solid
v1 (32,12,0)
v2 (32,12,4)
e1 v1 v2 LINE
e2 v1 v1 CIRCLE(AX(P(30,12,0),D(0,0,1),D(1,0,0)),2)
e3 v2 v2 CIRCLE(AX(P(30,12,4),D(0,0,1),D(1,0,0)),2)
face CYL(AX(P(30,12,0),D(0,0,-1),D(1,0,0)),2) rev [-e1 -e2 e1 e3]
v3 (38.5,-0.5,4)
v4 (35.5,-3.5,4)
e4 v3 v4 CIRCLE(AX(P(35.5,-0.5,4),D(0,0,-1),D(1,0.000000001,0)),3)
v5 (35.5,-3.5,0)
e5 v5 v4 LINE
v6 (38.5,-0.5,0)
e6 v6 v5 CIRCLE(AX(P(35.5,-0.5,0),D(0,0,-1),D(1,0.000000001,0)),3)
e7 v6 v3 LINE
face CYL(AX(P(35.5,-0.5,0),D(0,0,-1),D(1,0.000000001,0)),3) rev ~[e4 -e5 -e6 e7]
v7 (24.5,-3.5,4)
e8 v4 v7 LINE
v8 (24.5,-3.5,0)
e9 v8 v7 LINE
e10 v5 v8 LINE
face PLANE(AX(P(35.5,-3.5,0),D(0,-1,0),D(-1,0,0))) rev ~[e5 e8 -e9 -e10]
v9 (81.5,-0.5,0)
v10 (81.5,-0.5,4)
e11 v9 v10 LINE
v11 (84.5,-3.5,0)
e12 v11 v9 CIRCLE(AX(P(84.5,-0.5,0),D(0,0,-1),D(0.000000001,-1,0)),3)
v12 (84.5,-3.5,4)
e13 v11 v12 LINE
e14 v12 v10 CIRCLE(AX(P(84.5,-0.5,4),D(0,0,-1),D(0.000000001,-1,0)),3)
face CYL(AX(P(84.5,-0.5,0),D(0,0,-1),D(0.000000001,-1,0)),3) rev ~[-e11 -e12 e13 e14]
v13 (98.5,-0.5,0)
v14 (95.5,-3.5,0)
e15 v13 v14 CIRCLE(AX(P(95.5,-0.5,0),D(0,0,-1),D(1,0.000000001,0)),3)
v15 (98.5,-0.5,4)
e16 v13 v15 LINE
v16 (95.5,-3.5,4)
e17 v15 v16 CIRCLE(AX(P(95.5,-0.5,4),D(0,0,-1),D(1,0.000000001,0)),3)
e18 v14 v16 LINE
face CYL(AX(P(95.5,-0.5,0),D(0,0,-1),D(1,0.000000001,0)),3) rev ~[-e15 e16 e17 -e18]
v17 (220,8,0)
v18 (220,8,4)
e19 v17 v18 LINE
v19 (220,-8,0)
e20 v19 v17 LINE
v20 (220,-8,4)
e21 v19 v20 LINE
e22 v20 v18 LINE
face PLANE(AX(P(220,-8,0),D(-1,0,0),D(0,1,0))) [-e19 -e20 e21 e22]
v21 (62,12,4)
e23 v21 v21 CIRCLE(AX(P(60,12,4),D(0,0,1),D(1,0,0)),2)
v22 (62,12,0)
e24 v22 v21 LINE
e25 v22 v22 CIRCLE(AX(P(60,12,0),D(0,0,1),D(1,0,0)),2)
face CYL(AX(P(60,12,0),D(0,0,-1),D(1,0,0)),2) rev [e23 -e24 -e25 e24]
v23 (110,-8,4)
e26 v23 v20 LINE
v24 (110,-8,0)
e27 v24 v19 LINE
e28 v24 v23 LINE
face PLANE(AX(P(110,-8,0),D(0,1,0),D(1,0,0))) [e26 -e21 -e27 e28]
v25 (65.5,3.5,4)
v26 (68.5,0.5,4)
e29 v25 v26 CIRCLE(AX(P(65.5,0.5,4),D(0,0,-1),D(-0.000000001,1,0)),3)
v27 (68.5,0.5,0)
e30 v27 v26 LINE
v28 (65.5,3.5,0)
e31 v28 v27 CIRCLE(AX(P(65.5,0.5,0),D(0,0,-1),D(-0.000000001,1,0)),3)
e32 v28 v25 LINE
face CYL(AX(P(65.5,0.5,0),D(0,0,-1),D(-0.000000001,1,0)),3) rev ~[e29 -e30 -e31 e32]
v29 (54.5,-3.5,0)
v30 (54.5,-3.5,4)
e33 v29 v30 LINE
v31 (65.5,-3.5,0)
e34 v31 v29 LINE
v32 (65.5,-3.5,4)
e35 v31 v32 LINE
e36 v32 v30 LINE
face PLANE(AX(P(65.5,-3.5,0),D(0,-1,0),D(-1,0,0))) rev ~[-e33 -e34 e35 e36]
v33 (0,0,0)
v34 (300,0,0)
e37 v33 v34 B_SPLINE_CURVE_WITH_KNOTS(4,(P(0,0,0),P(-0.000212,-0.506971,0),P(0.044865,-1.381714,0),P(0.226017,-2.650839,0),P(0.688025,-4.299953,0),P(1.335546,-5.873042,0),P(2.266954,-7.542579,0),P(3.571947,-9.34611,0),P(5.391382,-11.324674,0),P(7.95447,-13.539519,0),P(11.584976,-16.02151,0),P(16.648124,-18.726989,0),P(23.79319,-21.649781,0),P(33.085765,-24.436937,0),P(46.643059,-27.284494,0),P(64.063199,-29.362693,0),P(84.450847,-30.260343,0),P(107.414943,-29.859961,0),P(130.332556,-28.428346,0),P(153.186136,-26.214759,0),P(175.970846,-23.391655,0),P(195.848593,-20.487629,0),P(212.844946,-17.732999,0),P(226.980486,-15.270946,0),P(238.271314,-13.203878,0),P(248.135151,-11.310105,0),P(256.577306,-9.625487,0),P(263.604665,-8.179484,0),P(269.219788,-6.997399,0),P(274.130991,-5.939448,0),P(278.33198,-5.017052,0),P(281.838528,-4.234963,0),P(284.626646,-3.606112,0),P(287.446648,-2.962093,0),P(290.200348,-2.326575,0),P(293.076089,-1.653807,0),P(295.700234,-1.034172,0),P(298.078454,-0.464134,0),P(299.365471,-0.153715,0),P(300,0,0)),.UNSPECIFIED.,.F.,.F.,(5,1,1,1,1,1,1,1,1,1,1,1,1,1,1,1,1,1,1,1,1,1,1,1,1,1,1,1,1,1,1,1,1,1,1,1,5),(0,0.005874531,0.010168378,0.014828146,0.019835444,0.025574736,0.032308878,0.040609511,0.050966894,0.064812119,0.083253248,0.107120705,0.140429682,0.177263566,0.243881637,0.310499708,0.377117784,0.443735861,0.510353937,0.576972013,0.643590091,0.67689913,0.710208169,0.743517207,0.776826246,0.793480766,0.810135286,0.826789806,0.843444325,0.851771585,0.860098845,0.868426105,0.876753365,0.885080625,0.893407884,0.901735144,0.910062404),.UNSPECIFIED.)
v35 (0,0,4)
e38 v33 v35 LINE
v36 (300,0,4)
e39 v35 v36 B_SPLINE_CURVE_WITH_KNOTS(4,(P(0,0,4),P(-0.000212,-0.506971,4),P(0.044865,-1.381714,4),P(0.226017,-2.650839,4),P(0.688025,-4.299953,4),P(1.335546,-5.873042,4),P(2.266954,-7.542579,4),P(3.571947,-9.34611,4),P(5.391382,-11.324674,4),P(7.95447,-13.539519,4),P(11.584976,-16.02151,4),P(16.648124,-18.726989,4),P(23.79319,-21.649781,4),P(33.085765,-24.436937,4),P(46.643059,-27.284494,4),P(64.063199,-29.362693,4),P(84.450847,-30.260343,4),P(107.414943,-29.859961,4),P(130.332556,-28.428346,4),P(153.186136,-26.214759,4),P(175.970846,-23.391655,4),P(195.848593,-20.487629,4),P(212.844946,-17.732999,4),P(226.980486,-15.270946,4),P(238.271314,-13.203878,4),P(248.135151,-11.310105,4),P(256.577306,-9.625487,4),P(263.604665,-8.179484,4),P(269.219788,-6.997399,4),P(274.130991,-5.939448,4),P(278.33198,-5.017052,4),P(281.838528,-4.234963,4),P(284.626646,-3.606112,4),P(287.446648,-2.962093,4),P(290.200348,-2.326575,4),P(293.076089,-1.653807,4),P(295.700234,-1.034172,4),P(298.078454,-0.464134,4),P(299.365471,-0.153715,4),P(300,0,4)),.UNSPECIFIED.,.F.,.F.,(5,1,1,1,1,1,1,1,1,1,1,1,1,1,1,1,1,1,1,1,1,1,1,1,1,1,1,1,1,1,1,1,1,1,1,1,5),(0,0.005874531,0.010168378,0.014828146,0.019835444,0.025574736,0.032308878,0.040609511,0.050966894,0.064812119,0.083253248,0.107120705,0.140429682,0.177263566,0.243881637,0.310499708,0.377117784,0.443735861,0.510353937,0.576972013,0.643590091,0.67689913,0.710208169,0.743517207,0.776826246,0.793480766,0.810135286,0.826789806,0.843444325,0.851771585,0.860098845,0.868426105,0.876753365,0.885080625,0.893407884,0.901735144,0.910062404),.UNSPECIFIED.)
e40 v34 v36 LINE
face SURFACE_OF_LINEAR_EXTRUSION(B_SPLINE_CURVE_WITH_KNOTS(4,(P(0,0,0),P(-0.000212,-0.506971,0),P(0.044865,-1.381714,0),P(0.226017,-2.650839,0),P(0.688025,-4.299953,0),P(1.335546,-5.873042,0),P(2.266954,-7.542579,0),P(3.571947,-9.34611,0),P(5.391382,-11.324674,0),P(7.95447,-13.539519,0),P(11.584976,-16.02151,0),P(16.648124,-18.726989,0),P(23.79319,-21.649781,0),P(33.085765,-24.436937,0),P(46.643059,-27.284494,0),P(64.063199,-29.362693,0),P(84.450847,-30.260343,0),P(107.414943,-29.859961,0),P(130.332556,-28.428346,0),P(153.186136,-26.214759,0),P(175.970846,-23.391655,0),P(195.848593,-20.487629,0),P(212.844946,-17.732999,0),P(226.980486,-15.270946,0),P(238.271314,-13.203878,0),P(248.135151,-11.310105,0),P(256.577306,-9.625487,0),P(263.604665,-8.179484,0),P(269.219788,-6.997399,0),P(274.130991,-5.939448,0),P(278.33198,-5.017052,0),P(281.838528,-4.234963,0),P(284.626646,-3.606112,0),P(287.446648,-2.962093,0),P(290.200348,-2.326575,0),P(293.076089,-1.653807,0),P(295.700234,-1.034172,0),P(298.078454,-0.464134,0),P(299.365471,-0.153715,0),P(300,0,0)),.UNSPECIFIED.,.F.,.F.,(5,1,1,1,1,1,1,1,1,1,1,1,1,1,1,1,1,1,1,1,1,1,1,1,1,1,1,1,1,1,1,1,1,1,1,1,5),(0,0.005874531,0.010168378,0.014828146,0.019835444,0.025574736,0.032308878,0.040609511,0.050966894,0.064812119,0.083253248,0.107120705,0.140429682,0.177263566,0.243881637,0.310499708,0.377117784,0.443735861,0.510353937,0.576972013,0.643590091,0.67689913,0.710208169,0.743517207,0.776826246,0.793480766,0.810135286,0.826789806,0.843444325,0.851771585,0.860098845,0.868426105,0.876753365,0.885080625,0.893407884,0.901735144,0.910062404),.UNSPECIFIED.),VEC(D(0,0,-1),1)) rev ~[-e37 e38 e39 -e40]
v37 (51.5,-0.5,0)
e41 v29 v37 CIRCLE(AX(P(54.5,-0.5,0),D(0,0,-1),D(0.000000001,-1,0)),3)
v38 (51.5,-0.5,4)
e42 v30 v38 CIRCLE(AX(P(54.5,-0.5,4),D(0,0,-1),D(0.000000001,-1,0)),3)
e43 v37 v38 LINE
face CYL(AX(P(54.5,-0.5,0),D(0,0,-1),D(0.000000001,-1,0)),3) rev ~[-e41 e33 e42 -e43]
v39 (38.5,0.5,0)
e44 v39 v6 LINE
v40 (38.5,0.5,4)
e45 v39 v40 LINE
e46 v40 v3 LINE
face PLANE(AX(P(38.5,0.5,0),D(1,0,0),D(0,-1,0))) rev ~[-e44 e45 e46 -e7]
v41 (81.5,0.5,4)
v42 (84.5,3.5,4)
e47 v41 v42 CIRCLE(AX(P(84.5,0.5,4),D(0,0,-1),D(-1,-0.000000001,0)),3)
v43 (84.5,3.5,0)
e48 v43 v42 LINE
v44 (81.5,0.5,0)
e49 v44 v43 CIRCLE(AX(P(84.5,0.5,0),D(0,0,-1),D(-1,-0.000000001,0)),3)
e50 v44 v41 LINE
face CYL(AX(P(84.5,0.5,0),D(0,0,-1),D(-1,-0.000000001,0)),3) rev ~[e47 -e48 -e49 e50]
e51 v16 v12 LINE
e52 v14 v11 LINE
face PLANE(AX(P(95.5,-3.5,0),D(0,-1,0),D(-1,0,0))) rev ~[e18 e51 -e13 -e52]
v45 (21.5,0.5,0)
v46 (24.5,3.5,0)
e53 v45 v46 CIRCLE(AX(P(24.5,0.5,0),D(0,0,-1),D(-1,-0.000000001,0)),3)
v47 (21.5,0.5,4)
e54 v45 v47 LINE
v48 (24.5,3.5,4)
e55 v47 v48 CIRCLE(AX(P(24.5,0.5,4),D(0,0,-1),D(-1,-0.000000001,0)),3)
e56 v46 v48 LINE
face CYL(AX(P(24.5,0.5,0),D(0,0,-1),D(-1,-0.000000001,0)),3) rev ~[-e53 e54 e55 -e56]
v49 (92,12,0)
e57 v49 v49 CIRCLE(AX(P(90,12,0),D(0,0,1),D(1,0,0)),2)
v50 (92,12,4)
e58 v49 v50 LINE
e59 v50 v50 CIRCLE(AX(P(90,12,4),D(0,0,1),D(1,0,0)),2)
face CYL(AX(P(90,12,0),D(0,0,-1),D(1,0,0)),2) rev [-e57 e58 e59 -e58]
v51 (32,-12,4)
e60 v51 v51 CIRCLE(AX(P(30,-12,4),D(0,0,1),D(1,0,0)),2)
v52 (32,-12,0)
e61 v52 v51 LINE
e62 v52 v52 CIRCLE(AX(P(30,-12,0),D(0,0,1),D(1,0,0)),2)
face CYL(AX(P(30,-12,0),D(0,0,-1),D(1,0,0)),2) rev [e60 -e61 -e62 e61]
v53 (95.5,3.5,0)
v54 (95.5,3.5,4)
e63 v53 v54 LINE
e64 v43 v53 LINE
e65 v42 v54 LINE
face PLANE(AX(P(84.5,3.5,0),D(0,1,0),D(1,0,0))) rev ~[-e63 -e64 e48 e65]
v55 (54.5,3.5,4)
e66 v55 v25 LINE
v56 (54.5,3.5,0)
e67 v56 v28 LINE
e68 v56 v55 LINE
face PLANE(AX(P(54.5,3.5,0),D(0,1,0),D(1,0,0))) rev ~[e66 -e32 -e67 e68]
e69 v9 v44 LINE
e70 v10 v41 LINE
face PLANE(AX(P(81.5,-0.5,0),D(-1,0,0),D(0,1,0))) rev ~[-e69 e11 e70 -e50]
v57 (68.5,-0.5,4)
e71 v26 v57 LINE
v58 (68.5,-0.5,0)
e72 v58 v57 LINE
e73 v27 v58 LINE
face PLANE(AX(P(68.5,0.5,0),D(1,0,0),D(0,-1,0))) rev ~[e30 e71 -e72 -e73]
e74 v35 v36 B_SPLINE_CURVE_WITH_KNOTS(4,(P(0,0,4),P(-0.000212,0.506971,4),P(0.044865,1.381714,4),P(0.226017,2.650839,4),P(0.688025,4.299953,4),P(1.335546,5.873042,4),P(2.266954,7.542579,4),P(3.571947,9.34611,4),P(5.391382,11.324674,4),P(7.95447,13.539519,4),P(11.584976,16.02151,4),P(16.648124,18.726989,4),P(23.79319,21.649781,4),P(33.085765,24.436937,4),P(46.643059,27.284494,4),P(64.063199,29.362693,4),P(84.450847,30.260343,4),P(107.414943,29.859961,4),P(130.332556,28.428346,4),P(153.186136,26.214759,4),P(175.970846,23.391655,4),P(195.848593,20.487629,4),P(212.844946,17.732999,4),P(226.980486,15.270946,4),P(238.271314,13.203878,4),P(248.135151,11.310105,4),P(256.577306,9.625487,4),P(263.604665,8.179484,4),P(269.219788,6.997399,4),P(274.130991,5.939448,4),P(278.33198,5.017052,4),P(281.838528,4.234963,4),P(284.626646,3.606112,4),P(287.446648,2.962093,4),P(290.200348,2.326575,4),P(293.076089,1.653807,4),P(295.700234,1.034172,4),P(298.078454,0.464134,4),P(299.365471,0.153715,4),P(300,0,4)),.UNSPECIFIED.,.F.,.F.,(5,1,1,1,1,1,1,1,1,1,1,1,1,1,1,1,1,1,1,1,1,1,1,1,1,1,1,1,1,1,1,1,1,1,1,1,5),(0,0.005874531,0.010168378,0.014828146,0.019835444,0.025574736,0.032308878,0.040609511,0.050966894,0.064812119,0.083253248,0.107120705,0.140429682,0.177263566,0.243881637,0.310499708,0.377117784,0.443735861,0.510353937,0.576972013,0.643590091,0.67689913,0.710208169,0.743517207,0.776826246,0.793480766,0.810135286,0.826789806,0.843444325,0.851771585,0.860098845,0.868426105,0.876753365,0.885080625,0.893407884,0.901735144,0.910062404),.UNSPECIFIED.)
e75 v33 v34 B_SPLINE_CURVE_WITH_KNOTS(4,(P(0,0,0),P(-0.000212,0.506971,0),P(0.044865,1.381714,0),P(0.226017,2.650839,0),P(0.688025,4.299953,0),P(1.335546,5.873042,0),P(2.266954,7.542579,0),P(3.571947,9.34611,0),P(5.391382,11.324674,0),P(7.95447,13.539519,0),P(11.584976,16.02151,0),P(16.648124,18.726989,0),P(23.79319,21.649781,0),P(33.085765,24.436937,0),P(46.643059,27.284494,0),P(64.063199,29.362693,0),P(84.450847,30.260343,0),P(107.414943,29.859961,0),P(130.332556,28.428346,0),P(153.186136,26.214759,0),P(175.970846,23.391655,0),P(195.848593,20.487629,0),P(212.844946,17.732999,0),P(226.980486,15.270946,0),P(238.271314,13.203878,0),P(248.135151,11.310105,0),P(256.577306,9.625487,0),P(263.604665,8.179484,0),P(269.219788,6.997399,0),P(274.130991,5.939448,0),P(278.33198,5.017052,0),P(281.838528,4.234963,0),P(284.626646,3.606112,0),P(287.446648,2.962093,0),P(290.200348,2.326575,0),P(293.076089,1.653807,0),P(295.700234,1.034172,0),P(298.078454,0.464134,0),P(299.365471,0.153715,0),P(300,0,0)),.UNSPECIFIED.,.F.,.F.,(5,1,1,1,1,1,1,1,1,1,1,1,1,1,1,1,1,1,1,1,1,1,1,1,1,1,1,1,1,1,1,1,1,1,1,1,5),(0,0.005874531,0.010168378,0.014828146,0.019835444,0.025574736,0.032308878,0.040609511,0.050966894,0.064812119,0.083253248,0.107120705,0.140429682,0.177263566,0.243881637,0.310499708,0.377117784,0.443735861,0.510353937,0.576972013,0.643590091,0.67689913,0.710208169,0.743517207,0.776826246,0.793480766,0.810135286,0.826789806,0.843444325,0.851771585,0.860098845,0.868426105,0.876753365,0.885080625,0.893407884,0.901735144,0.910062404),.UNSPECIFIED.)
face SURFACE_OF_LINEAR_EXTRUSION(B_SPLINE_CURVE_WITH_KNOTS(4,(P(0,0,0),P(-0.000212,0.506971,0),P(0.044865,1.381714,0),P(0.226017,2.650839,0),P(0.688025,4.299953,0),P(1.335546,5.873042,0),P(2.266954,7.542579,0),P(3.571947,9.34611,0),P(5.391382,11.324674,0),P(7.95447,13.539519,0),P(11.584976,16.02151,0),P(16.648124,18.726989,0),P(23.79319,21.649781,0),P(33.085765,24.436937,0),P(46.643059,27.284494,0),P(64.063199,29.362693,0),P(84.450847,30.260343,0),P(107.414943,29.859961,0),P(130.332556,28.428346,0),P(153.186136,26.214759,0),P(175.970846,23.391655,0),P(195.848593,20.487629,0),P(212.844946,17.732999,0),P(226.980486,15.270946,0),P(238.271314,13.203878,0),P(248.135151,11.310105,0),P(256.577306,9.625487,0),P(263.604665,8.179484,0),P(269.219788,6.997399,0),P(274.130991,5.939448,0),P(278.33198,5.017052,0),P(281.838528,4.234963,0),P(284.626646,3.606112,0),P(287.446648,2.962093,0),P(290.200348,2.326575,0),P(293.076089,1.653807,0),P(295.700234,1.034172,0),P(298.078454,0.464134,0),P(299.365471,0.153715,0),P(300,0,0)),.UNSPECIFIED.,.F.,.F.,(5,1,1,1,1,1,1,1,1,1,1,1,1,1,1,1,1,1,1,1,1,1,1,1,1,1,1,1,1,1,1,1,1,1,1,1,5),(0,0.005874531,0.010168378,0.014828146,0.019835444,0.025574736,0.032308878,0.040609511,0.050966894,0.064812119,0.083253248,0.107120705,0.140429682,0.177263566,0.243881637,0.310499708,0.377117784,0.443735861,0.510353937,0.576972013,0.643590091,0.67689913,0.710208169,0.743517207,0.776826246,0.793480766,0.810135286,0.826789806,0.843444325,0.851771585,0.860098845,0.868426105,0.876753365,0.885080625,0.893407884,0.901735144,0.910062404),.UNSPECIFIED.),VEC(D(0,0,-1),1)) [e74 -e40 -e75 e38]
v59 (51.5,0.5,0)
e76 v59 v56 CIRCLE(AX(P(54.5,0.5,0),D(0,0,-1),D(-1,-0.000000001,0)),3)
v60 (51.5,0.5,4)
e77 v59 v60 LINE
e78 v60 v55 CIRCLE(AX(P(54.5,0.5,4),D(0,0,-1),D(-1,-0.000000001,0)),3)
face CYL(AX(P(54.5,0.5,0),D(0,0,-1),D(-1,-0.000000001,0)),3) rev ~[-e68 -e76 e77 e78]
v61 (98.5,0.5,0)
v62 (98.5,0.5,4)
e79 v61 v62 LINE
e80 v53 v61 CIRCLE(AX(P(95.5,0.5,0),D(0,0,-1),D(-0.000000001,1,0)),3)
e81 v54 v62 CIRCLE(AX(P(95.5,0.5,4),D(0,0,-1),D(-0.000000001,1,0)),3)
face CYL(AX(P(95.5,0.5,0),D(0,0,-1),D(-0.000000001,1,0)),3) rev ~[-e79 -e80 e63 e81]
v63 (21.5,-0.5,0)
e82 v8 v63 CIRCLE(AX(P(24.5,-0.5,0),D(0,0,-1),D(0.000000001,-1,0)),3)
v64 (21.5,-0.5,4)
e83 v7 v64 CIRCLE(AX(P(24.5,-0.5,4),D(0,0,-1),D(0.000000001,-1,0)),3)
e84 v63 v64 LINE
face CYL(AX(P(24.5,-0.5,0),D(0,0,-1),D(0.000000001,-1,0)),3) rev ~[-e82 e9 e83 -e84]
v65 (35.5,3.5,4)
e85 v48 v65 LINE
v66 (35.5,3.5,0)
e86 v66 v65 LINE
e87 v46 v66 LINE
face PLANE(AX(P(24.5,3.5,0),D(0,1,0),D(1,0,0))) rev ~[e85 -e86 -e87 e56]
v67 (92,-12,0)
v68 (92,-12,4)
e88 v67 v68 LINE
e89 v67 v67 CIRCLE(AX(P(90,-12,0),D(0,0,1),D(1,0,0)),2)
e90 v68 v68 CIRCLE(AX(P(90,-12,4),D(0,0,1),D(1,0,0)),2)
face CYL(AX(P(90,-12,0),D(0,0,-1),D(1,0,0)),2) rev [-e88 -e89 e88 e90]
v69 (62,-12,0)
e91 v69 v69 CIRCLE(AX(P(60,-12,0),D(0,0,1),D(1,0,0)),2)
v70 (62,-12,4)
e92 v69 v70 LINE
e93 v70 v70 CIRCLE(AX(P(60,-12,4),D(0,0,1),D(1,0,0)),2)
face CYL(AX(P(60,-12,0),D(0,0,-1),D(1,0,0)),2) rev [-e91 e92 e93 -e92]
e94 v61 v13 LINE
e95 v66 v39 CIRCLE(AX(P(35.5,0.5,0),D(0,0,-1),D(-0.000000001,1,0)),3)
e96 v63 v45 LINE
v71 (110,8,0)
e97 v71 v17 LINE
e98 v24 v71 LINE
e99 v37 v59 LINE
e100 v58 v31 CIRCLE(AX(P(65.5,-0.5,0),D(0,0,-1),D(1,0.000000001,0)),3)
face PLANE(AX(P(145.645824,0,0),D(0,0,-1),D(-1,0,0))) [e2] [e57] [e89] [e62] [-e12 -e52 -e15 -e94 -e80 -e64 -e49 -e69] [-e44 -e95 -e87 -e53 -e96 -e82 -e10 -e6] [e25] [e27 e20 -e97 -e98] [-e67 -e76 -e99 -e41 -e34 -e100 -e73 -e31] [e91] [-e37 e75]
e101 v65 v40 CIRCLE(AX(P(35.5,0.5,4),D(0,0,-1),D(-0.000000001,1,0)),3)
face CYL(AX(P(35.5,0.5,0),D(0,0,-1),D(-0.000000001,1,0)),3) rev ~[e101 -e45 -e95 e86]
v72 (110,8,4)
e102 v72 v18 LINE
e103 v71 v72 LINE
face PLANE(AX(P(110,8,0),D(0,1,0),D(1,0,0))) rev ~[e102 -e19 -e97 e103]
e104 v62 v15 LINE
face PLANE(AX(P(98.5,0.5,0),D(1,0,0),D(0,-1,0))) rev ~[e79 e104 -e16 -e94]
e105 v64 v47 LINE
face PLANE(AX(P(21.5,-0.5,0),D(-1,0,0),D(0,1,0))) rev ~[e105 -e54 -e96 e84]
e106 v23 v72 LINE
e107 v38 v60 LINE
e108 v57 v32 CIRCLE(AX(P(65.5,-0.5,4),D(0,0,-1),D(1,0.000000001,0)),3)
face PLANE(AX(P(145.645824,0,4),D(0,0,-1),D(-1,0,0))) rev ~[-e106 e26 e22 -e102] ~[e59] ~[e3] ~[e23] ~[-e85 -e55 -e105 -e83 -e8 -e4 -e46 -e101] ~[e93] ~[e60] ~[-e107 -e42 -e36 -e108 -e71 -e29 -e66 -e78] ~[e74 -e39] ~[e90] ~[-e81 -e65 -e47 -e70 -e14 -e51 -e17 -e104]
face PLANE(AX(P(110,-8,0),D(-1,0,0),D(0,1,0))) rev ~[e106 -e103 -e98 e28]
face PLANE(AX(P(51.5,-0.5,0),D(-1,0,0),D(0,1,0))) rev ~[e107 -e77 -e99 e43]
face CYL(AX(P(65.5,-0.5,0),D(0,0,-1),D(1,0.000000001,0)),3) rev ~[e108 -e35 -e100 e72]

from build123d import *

# Parameters (mm, degrees)
SKETCH_1_R      = 2
SKETCH_1_W      = 110
SKETCH_1_H      = 16
EXTRUDE_1_DEPTH = 4


with BuildPart() as part:
    # 草图1 → 凸台-拉伸1 (new body)
    with BuildSketch(Plane.XY):
        with BuildLine():
            add(Edge.make_bspline(
                [(0, 0), (-0.00021229, 0.506970744), (0.044864754, 1.381714413), (0.226017079, 2.650839475), (0.688025344, 4.299952552), (1.335546305, 5.873041675), (2.26695445, 7.542579189), (3.571946964, 9.346109572), (5.391381815, 11.324673938), (7.954469743, 13.539518757), (11.584975672, 16.021510412), (16.648123966, 18.726988569), (23.793189999, 21.649781435), (33.085765079, 24.436937203), (46.643058908, 27.284493785), (64.063199307, 29.362693495), (84.450847037, 30.260343335), (107.414943041, 29.859960777), (130.332556147, 28.428346139), (153.186136376, 26.214758658), (175.970846287, 23.391654718), (195.848592789, 20.487628812), (212.844945694, 17.732999103), (226.980485609, 15.27094618), (238.271313866, 13.203878393), (248.135151077, 11.310105462), (256.577305747, 9.625486685), (263.604664912, 8.179483676), (269.219788458, 6.997398786), (274.1309907, 5.93944771), (278.331979904, 5.017052178), (281.838528118, 4.234963306), (284.626645762, 3.606112196), (287.446648095, 2.96209323), (290.200347561, 2.326575377), (293.076089097, 1.653806717), (295.700233888, 1.034172197), (298.078453529, 0.464134201), (299.36547076, 0.153714708), (299.999999999, 0)],
                knots=[0, 0, 0, 0, 0, 0.005874531, 0.010168378, 0.014828146, 0.019835444, 0.025574736, 0.032308878, 0.040609511, 0.050966894, 0.064812119, 0.083253248, 0.107120705, 0.140429682, 0.177263566, 0.243881637, 0.310499708, 0.377117784, 0.443735861, 0.510353937, 0.576972013, 0.643590091, 0.67689913, 0.710208169, 0.743517207, 0.776826246, 0.793480766, 0.810135286, 0.826789806, 0.843444325, 0.851771585, 0.860098845, 0.868426105, 0.876753365, 0.885080625, 0.893407884, 0.901735144, 0.910062404, 0.910062404, 0.910062404, 0.910062404, 0.910062404], degree=4))
            add(Edge.make_bspline(
                [(0, 0), (-0.00021229, -0.506970744), (0.044864754, -1.381714413), (0.226017079, -2.650839475), (0.688025344, -4.299952552), (1.335546305, -5.873041675), (2.26695445, -7.542579189), (3.571946964, -9.346109572), (5.391381815, -11.324673938), (7.954469743, -13.539518757), (11.584975672, -16.021510412), (16.648123966, -18.726988569), (23.793189999, -21.649781435), (33.085765079, -24.436937203), (46.643058908, -27.284493785), (64.063199307, -29.362693495), (84.450847037, -30.260343335), (107.414943041, -29.859960777), (130.332556147, -28.428346139), (153.186136376, -26.214758658), (175.970846287, -23.391654718), (195.848592789, -20.487628812), (212.844945694, -17.732999103), (226.980485609, -15.27094618), (238.271313866, -13.203878393), (248.135151077, -11.310105462), (256.577305747, -9.625486685), (263.604664912, -8.179483676), (269.219788458, -6.997398786), (274.1309907, -5.93944771), (278.331979904, -5.017052178), (281.838528118, -4.234963306), (284.626645762, -3.606112196), (287.446648095, -2.96209323), (290.200347561, -2.326575377), (293.076089097, -1.653806717), (295.700233888, -1.034172197), (298.078453528, -0.464134202), (299.36547076, -0.153714708), (299.999999999, 0)],
                knots=[0, 0, 0, 0, 0, 0.005874531, 0.010168378, 0.014828146, 0.019835444, 0.025574736, 0.032308878, 0.040609511, 0.050966894, 0.064812119, 0.083253248, 0.107120705, 0.140429682, 0.177263566, 0.243881637, 0.310499708, 0.377117784, 0.443735861, 0.510353937, 0.576972013, 0.643590091, 0.67689913, 0.710208169, 0.743517207, 0.776826246, 0.793480766, 0.810135286, 0.826789806, 0.843444325, 0.851771585, 0.860098845, 0.868426105, 0.876753365, 0.885080625, 0.893407884, 0.901735144, 0.910062404, 0.910062404, 0.910062404, 0.910062404, 0.910062404], degree=4))
        make_face()
        with Locations((30, 12)):
            Circle(SKETCH_1_R, mode=Mode.SUBTRACT)
        with Locations((30, -12)):
            Circle(SKETCH_1_R, mode=Mode.SUBTRACT)
        with Locations((60, 12)):
            Circle(SKETCH_1_R, mode=Mode.SUBTRACT)
        with Locations((60, -12)):
            Circle(SKETCH_1_R, mode=Mode.SUBTRACT)
        with Locations((90, 12)):
            Circle(SKETCH_1_R, mode=Mode.SUBTRACT)
        with Locations((90, -12)):
            Circle(SKETCH_1_R, mode=Mode.SUBTRACT)
        with BuildLine():
            Line((54.5, 3.5), (65.5, 3.5))
            ThreePointArc((65.5, 3.5), (67.621320344, 2.621320344), (68.5, 0.5))
            Line((68.5, 0.5), (68.5, -0.5))
            ThreePointArc((68.5, -0.5), (67.621320344, -2.621320344), (65.5, -3.5))
            Line((65.5, -3.5), (54.5, -3.5))
            ThreePointArc((54.5, -3.5), (52.378679656, -2.621320344), (51.5, -0.5))
            Line((51.5, -0.5), (51.5, 0.5))
            ThreePointArc((51.5, 0.5), (52.378679656, 2.621320344), (54.5, 3.5))
        make_face(mode=Mode.SUBTRACT)
        with BuildLine():
            Line((24.5, 3.5), (35.5, 3.5))
            ThreePointArc((35.5, 3.5), (37.621320344, 2.621320344), (38.5, 0.5))
            Line((38.5, 0.5), (38.5, -0.5))
            ThreePointArc((38.5, -0.5), (37.621320344, -2.621320344), (35.5, -3.5))
            Line((35.5, -3.5), (24.5, -3.5))
            ThreePointArc((24.5, -3.5), (22.378679656, -2.621320344), (21.5, -0.5))
            Line((21.5, -0.5), (21.5, 0.5))
            ThreePointArc((21.5, 0.5), (22.378679656, 2.621320344), (24.5, 3.5))
        make_face(mode=Mode.SUBTRACT)
        with BuildLine():
            Line((84.5, 3.5), (95.5, 3.5))
            ThreePointArc((95.5, 3.5), (97.621320344, 2.621320344), (98.5, 0.5))
            Line((98.5, 0.5), (98.5, -0.5))
            ThreePointArc((98.5, -0.5), (97.621320344, -2.621320344), (95.5, -3.5))
            Line((95.5, -3.5), (84.5, -3.5))
            ThreePointArc((84.5, -3.5), (82.378679656, -2.621320344), (81.5, -0.5))
            Line((81.5, -0.5), (81.5, 0.5))
            ThreePointArc((81.5, 0.5), (82.378679656, 2.621320344), (84.5, 3.5))
        make_face(mode=Mode.SUBTRACT)
        with Locations((165, 0)):
            Rectangle(SKETCH_1_W, SKETCH_1_H, mode=Mode.SUBTRACT)
    extrude(amount=EXTRUDE_1_DEPTH)


solid = part.part
